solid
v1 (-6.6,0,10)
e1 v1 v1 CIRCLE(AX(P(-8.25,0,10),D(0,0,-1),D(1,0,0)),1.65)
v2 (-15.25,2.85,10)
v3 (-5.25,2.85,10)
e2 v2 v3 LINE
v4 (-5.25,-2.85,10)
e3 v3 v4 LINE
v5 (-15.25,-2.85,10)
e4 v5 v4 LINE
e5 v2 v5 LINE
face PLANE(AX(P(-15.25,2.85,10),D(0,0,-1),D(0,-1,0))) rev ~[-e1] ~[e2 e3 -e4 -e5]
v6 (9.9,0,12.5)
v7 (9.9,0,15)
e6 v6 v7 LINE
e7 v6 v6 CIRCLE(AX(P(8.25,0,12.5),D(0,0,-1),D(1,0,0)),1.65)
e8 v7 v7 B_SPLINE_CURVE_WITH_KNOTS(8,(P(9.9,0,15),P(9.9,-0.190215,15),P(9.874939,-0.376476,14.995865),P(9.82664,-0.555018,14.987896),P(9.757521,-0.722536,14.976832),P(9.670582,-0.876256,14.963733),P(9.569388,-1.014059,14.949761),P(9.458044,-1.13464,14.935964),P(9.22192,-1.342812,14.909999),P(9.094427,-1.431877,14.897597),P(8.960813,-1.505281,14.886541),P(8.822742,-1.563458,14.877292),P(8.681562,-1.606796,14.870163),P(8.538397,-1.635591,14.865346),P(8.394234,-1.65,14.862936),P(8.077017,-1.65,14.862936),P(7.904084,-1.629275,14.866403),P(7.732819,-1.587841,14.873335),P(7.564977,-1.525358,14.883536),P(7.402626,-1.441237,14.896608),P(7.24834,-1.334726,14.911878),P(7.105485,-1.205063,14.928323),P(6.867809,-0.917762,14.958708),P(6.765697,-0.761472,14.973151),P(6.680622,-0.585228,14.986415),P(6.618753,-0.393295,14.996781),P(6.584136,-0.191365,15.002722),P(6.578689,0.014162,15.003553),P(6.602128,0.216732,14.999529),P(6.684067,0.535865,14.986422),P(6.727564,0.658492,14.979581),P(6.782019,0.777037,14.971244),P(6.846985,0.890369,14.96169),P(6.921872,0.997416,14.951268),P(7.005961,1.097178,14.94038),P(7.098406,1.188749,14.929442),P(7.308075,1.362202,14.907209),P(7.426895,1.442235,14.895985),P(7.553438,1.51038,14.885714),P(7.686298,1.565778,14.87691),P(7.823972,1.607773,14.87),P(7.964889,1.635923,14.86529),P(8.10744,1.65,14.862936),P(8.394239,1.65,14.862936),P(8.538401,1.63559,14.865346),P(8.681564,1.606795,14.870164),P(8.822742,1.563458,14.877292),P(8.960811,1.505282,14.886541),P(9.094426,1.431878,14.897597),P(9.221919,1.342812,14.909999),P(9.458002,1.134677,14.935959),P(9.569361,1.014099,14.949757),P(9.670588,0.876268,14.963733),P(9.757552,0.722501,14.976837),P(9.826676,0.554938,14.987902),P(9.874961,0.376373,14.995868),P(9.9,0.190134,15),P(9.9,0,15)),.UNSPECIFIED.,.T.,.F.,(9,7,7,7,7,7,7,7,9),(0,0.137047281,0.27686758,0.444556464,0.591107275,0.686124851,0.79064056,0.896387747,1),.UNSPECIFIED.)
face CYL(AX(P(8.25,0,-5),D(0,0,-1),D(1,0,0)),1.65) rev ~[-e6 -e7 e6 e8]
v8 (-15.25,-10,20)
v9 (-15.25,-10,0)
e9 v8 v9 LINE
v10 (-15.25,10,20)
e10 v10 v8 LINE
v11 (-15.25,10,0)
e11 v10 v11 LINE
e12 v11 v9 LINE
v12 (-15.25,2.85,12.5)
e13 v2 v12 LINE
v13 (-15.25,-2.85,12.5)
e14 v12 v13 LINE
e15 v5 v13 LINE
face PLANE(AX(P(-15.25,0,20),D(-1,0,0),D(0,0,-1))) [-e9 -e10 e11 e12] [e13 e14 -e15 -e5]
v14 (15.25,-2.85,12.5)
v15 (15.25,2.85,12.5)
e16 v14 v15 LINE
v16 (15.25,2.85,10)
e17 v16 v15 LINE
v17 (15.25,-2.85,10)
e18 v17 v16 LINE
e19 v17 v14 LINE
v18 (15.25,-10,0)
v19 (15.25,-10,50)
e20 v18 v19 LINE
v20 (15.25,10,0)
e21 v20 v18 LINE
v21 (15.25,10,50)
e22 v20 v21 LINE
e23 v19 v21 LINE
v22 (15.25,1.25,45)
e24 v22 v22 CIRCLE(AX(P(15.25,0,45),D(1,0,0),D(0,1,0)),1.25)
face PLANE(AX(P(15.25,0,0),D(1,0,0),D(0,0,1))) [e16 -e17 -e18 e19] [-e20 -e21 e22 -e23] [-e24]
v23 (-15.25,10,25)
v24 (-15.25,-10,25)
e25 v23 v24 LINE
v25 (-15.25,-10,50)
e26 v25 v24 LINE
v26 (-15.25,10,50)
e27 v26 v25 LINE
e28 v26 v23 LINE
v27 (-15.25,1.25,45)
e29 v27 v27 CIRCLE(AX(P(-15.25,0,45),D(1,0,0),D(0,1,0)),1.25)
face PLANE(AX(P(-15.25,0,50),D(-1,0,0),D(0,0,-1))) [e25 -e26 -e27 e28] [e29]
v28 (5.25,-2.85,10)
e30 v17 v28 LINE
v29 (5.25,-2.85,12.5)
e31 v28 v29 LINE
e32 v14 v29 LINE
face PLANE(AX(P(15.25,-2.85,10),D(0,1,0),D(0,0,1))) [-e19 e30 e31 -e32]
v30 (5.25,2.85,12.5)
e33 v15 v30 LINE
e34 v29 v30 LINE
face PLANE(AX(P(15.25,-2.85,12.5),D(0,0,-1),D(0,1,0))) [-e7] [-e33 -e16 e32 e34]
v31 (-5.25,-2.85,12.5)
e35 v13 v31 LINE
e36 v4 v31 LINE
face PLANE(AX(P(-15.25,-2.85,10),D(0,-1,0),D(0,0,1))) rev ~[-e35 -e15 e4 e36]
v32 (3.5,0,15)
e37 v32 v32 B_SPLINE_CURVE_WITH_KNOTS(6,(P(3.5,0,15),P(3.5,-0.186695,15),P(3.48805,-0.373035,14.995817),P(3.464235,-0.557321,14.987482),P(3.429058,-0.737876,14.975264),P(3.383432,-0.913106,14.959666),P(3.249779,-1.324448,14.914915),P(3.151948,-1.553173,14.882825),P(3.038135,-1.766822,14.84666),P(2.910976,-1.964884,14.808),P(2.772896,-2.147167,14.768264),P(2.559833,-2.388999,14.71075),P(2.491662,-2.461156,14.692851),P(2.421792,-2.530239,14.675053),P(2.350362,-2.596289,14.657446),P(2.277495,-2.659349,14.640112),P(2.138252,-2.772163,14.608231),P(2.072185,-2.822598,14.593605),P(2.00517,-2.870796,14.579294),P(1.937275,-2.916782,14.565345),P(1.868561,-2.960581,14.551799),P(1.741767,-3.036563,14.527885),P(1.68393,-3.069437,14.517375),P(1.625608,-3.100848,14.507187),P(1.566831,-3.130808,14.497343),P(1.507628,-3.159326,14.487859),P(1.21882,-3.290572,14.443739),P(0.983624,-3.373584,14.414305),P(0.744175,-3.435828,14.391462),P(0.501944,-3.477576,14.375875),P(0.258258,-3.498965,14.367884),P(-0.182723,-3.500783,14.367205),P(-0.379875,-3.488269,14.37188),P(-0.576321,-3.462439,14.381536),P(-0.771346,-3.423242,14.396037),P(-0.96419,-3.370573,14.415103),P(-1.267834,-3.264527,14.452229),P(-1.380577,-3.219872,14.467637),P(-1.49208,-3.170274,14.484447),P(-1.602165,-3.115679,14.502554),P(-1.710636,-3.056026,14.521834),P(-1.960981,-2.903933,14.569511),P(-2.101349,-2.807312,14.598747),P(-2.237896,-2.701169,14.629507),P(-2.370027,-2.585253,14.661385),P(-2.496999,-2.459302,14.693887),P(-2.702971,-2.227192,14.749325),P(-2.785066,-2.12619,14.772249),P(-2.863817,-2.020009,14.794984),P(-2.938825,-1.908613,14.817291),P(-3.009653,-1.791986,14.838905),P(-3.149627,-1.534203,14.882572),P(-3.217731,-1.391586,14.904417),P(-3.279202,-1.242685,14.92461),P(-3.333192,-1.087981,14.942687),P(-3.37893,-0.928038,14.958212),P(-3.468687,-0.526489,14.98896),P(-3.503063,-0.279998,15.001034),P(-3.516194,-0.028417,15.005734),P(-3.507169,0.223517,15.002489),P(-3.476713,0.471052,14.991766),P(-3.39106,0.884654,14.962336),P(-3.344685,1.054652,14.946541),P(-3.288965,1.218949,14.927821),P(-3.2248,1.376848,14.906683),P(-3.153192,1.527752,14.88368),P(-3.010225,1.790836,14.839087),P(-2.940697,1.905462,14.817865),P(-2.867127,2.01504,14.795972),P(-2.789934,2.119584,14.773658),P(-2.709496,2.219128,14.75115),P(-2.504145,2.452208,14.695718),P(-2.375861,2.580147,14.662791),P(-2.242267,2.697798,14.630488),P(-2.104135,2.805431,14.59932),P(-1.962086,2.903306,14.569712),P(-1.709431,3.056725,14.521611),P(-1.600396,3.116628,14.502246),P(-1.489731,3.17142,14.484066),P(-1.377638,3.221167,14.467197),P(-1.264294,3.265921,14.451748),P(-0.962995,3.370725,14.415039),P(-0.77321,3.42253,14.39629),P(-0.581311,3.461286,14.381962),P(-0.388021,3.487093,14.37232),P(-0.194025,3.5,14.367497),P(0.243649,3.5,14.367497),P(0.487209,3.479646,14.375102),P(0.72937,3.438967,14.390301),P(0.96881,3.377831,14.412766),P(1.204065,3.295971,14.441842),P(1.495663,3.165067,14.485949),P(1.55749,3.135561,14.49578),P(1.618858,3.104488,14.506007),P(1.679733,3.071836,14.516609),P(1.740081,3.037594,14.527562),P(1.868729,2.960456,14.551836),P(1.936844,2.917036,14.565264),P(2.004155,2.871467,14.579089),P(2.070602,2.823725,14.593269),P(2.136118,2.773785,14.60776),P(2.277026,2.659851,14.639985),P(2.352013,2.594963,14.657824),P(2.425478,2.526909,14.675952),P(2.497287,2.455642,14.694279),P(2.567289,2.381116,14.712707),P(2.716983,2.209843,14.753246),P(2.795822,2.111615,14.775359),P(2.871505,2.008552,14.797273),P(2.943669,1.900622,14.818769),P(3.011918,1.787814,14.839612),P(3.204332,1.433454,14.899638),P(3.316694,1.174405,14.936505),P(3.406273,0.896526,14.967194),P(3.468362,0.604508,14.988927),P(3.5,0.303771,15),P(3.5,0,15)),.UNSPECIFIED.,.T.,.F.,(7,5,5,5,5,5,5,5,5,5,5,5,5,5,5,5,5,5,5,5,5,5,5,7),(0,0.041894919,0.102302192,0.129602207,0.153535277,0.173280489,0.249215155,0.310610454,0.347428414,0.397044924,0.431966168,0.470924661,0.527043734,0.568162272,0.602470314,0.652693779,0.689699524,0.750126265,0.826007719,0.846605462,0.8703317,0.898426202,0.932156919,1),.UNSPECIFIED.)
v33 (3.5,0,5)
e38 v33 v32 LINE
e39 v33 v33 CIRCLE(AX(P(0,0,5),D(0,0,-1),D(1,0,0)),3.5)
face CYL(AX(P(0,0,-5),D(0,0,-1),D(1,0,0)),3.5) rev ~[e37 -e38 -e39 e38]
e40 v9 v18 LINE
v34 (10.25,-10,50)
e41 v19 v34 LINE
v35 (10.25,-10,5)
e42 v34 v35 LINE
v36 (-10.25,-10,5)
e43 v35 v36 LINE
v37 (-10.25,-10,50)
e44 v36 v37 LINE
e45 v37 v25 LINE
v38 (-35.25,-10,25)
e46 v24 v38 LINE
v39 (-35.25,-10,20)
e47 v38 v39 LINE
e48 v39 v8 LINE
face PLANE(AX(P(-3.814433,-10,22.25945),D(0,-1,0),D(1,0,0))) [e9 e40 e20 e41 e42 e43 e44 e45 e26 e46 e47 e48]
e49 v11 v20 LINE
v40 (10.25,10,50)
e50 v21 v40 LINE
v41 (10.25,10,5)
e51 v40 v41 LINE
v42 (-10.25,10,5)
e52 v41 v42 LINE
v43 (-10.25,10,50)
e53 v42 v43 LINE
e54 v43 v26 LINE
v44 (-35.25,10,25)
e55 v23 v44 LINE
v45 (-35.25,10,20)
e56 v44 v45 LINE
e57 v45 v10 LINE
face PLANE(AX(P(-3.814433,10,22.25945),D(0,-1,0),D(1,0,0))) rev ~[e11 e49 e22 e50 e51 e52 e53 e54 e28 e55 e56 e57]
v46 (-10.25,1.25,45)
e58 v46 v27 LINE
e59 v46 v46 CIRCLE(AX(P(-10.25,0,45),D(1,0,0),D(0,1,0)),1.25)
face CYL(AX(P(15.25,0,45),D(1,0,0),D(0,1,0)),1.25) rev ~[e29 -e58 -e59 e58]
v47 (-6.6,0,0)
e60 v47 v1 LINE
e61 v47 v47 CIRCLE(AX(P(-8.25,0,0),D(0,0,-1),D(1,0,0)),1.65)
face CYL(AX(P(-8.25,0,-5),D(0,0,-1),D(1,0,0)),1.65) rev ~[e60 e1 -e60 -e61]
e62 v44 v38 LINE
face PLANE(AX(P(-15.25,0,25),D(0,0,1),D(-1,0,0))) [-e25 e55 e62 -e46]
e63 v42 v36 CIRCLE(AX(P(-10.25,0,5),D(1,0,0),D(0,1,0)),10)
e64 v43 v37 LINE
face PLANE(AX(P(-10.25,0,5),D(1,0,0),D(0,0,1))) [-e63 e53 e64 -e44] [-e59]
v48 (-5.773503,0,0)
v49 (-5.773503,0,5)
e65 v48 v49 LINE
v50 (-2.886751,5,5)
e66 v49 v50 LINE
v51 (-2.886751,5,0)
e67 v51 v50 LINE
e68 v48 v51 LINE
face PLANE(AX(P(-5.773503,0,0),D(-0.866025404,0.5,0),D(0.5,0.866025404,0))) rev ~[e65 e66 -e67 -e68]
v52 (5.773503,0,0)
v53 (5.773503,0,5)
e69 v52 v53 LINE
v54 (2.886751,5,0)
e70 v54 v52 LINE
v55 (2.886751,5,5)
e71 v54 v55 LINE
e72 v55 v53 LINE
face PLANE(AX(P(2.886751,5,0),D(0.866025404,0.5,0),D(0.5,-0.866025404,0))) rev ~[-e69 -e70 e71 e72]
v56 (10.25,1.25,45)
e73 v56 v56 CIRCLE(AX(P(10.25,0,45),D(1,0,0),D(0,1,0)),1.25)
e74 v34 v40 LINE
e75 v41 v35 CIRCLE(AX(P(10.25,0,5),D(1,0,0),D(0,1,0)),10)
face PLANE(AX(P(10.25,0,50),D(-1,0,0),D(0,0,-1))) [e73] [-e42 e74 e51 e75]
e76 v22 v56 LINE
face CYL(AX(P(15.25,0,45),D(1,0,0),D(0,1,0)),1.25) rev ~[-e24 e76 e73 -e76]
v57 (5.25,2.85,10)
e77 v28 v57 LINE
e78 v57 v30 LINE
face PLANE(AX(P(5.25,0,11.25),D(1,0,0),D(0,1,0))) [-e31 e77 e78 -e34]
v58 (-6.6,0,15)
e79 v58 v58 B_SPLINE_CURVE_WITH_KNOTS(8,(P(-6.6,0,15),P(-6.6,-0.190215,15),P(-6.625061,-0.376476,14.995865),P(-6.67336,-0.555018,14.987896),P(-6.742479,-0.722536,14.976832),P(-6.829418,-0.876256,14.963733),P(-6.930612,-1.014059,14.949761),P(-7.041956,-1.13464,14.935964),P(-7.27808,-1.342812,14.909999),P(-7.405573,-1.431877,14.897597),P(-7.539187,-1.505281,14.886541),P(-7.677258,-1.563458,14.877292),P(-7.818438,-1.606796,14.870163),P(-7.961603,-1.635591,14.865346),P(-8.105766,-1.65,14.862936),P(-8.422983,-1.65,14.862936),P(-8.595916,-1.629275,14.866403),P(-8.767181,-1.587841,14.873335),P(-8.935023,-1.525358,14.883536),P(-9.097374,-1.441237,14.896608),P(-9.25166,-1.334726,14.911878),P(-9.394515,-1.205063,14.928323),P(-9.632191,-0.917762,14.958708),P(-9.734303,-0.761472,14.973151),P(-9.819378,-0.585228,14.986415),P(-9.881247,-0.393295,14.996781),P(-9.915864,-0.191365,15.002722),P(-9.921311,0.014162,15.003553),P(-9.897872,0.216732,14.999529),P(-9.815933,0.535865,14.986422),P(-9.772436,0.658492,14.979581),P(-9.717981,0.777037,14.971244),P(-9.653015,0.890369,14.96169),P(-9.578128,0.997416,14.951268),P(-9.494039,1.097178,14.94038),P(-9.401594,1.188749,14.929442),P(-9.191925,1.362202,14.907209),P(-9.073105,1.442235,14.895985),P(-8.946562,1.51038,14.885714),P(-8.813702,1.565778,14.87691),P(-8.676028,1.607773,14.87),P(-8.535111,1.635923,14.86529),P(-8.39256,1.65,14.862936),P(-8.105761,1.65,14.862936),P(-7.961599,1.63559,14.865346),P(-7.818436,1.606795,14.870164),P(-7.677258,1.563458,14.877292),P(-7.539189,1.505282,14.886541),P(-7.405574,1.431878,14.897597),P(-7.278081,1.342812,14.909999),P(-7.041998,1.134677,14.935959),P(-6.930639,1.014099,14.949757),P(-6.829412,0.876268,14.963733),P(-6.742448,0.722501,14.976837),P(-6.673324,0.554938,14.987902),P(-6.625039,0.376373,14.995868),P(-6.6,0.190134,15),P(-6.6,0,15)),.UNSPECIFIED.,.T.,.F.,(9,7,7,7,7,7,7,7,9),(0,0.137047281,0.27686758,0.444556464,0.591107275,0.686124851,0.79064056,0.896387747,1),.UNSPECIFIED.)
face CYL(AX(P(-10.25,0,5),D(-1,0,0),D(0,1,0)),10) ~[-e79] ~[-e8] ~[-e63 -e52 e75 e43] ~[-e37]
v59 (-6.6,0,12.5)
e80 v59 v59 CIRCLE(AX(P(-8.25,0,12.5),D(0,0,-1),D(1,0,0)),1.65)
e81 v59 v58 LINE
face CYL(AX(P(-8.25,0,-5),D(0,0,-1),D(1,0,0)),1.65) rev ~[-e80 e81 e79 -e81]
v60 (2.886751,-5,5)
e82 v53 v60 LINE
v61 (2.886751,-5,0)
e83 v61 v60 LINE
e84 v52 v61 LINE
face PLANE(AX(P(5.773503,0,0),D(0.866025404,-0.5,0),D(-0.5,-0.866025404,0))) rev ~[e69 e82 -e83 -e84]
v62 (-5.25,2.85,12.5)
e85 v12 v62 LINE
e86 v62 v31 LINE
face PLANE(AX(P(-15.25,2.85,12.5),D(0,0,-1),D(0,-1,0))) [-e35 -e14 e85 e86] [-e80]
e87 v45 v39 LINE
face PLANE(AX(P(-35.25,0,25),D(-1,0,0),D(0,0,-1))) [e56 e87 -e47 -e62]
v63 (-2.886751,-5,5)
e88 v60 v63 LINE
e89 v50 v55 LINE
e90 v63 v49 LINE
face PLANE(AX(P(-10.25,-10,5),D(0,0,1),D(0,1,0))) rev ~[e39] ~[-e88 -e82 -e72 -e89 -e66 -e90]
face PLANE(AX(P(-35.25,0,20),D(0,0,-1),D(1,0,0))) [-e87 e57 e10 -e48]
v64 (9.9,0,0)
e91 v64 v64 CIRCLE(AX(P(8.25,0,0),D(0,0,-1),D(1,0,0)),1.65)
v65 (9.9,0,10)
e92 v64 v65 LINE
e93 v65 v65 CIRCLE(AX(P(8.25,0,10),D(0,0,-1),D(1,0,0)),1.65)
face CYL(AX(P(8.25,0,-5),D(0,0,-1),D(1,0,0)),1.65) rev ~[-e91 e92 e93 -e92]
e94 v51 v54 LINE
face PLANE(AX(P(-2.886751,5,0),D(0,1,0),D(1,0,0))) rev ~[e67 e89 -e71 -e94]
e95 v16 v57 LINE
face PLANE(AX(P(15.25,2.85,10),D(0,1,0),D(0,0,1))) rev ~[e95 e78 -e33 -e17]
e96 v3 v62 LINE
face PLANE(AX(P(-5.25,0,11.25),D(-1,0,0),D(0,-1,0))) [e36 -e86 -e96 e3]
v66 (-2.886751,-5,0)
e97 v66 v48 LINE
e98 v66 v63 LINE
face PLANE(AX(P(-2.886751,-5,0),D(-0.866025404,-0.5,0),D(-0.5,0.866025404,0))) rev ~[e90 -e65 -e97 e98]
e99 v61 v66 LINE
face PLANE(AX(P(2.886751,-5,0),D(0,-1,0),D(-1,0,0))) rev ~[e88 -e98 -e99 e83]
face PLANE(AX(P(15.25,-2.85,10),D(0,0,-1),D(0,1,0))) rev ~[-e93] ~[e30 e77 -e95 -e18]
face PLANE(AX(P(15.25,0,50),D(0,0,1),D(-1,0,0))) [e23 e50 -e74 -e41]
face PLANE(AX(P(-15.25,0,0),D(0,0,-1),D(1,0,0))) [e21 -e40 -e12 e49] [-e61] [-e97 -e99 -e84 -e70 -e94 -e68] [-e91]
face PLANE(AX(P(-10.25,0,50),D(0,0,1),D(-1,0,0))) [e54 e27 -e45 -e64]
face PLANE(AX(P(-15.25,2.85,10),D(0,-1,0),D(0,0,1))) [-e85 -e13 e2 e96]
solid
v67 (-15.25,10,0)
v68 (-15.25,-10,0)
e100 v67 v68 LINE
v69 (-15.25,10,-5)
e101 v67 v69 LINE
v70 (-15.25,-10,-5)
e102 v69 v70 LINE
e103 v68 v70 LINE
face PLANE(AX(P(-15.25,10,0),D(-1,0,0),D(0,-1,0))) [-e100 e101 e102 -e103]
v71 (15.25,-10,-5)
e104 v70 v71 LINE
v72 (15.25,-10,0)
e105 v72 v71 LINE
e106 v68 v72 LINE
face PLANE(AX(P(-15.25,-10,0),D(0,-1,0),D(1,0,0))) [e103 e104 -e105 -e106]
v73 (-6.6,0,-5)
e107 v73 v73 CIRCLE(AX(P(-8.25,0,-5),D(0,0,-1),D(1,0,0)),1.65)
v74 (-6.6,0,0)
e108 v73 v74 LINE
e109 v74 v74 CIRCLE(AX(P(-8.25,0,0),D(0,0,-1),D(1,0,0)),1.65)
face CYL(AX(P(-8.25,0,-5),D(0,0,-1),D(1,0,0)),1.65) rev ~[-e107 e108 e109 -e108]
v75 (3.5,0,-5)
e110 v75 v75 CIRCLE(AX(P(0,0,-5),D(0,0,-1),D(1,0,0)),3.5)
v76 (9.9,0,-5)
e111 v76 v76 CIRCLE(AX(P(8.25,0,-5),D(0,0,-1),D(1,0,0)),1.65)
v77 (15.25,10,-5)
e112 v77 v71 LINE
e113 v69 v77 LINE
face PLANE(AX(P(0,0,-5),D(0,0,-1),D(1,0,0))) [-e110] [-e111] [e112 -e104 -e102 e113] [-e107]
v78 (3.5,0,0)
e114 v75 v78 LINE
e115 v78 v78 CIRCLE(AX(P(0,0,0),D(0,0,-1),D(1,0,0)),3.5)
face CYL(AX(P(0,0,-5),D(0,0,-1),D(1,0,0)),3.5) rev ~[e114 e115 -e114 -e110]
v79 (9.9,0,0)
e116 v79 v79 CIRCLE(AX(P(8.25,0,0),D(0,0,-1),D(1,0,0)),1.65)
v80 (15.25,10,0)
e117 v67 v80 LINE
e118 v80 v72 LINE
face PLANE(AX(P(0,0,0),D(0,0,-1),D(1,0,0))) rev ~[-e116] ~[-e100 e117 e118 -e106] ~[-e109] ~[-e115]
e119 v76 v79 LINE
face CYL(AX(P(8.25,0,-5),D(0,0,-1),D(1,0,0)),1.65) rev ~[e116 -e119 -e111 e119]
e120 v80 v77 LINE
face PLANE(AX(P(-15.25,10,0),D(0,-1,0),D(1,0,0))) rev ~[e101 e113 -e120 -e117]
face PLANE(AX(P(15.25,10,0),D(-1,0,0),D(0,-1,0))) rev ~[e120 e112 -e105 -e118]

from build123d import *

# Parameters (mm, degrees)
F1_DEPTH  = 10
F3_W      = 30.5
F3_H      = 20
F4_DEPTH  = 5
F5_DEPTH  = 5
F10_DEPTH = 20.5
F6_R      = 3.5
F6_R_2    = 1.65
F11_DEPTH = 55.001
F12_R     = 1.25
F13_DEPTH = 50.501
F7_W      = 5.7
F7_H      = 2.5
F14_DEPTH = 10
F8_W      = 5.7
F8_H      = 2.5
F15_DEPTH = 10


with BuildPart() as f1:
    # F0 (on Front) → F1 (new body, symmetric)
    with BuildSketch(Plane.XZ):
        Polygon((10.25, 5), (0, 5), (-10.25, 5), (-10.25, 50), (-15.25, 50), (-15.25, 25), (-35.25, 25), (-35.25, 20), (-15.25, 20), (-15.25, 0), (0, 0), (15.25, 0), (15.25, 50), (10.25, 50), align=None)
    extrude(amount=F1_DEPTH, both=True)

    # F2 (on face) → F5 (cut)
    with BuildSketch(Plane(origin=(0, 0, 0), x_dir=(1, 0, 0), z_dir=(0, 0, -1))):
        Polygon((2.8867513459, 5), (-2.8867513459, 5), (-5.7735026919, 0), (-2.8867513459, -5), (2.8867513459, -5), (5.7735026919, 0), align=None)
    extrude(amount=-F5_DEPTH, mode=Mode.SUBTRACT)

    # F9 (on face) → F10 (join, through all)
    with BuildSketch(Plane.YZ.offset(-10.25)):
        with BuildLine():
            Line((-10, 5), (10, 5))
            ThreePointArc((10, 5), (0, 15), (-10, 5))
        make_face()
    extrude(amount=F10_DEPTH)


with BuildPart() as f4:
    # F3 (on face) → F4 (new body)
    with BuildSketch(Plane(origin=(0, 0, 0), x_dir=(1, 0, 0), z_dir=(0, 0, -1))):
        Rectangle(F3_W, F3_H)
    extrude(amount=F4_DEPTH)


with BuildPart() as f11_tool:
    # F6 (on face) → F11 (new body, through all)
    with BuildSketch(Plane(origin=(0, 0, -5), x_dir=(1, 0, 0), z_dir=(0, 0, -1))):
        Circle(F6_R)
        with Locations((-8.25, 0)):
            Circle(F6_R_2)
        with Locations((8.25, 0)):
            Circle(F6_R_2)
    extrude(amount=-F11_DEPTH)


with BuildPart() as f1_1:
    add(f1.part)

    # F11: cut by f11_tool
    add(f11_tool.part, mode=Mode.SUBTRACT)

    # F12 (on face) → F13 (cut, through all)
    with BuildSketch(Plane.YZ.offset(15.25)):
        with Locations((0, 45)):
            Circle(F12_R)
    extrude(amount=-F13_DEPTH, mode=Mode.SUBTRACT)

    # F7 (on face) → F14 (cut)
    with BuildSketch(Plane(origin=(-15.25, 0, 0), x_dir=(0, -1, 0), z_dir=(-1, 0, 0))):
        with Locations((0, 11.25)):
            Rectangle(F7_W, F7_H)
    extrude(amount=-F14_DEPTH, mode=Mode.SUBTRACT)

    # F8 (on face) → F15 (cut)
    with BuildSketch(Plane.YZ.offset(15.25)):
        with Locations((0, 11.25)):
            Rectangle(F8_W, F8_H)
    extrude(amount=-F15_DEPTH, mode=Mode.SUBTRACT)


with BuildPart() as f4_1:
    add(f4.part)

    # F11: cut by f11_tool
    add(f11_tool.part, mode=Mode.SUBTRACT)


solid = Compound([f1_1.part, f4_1.part])
